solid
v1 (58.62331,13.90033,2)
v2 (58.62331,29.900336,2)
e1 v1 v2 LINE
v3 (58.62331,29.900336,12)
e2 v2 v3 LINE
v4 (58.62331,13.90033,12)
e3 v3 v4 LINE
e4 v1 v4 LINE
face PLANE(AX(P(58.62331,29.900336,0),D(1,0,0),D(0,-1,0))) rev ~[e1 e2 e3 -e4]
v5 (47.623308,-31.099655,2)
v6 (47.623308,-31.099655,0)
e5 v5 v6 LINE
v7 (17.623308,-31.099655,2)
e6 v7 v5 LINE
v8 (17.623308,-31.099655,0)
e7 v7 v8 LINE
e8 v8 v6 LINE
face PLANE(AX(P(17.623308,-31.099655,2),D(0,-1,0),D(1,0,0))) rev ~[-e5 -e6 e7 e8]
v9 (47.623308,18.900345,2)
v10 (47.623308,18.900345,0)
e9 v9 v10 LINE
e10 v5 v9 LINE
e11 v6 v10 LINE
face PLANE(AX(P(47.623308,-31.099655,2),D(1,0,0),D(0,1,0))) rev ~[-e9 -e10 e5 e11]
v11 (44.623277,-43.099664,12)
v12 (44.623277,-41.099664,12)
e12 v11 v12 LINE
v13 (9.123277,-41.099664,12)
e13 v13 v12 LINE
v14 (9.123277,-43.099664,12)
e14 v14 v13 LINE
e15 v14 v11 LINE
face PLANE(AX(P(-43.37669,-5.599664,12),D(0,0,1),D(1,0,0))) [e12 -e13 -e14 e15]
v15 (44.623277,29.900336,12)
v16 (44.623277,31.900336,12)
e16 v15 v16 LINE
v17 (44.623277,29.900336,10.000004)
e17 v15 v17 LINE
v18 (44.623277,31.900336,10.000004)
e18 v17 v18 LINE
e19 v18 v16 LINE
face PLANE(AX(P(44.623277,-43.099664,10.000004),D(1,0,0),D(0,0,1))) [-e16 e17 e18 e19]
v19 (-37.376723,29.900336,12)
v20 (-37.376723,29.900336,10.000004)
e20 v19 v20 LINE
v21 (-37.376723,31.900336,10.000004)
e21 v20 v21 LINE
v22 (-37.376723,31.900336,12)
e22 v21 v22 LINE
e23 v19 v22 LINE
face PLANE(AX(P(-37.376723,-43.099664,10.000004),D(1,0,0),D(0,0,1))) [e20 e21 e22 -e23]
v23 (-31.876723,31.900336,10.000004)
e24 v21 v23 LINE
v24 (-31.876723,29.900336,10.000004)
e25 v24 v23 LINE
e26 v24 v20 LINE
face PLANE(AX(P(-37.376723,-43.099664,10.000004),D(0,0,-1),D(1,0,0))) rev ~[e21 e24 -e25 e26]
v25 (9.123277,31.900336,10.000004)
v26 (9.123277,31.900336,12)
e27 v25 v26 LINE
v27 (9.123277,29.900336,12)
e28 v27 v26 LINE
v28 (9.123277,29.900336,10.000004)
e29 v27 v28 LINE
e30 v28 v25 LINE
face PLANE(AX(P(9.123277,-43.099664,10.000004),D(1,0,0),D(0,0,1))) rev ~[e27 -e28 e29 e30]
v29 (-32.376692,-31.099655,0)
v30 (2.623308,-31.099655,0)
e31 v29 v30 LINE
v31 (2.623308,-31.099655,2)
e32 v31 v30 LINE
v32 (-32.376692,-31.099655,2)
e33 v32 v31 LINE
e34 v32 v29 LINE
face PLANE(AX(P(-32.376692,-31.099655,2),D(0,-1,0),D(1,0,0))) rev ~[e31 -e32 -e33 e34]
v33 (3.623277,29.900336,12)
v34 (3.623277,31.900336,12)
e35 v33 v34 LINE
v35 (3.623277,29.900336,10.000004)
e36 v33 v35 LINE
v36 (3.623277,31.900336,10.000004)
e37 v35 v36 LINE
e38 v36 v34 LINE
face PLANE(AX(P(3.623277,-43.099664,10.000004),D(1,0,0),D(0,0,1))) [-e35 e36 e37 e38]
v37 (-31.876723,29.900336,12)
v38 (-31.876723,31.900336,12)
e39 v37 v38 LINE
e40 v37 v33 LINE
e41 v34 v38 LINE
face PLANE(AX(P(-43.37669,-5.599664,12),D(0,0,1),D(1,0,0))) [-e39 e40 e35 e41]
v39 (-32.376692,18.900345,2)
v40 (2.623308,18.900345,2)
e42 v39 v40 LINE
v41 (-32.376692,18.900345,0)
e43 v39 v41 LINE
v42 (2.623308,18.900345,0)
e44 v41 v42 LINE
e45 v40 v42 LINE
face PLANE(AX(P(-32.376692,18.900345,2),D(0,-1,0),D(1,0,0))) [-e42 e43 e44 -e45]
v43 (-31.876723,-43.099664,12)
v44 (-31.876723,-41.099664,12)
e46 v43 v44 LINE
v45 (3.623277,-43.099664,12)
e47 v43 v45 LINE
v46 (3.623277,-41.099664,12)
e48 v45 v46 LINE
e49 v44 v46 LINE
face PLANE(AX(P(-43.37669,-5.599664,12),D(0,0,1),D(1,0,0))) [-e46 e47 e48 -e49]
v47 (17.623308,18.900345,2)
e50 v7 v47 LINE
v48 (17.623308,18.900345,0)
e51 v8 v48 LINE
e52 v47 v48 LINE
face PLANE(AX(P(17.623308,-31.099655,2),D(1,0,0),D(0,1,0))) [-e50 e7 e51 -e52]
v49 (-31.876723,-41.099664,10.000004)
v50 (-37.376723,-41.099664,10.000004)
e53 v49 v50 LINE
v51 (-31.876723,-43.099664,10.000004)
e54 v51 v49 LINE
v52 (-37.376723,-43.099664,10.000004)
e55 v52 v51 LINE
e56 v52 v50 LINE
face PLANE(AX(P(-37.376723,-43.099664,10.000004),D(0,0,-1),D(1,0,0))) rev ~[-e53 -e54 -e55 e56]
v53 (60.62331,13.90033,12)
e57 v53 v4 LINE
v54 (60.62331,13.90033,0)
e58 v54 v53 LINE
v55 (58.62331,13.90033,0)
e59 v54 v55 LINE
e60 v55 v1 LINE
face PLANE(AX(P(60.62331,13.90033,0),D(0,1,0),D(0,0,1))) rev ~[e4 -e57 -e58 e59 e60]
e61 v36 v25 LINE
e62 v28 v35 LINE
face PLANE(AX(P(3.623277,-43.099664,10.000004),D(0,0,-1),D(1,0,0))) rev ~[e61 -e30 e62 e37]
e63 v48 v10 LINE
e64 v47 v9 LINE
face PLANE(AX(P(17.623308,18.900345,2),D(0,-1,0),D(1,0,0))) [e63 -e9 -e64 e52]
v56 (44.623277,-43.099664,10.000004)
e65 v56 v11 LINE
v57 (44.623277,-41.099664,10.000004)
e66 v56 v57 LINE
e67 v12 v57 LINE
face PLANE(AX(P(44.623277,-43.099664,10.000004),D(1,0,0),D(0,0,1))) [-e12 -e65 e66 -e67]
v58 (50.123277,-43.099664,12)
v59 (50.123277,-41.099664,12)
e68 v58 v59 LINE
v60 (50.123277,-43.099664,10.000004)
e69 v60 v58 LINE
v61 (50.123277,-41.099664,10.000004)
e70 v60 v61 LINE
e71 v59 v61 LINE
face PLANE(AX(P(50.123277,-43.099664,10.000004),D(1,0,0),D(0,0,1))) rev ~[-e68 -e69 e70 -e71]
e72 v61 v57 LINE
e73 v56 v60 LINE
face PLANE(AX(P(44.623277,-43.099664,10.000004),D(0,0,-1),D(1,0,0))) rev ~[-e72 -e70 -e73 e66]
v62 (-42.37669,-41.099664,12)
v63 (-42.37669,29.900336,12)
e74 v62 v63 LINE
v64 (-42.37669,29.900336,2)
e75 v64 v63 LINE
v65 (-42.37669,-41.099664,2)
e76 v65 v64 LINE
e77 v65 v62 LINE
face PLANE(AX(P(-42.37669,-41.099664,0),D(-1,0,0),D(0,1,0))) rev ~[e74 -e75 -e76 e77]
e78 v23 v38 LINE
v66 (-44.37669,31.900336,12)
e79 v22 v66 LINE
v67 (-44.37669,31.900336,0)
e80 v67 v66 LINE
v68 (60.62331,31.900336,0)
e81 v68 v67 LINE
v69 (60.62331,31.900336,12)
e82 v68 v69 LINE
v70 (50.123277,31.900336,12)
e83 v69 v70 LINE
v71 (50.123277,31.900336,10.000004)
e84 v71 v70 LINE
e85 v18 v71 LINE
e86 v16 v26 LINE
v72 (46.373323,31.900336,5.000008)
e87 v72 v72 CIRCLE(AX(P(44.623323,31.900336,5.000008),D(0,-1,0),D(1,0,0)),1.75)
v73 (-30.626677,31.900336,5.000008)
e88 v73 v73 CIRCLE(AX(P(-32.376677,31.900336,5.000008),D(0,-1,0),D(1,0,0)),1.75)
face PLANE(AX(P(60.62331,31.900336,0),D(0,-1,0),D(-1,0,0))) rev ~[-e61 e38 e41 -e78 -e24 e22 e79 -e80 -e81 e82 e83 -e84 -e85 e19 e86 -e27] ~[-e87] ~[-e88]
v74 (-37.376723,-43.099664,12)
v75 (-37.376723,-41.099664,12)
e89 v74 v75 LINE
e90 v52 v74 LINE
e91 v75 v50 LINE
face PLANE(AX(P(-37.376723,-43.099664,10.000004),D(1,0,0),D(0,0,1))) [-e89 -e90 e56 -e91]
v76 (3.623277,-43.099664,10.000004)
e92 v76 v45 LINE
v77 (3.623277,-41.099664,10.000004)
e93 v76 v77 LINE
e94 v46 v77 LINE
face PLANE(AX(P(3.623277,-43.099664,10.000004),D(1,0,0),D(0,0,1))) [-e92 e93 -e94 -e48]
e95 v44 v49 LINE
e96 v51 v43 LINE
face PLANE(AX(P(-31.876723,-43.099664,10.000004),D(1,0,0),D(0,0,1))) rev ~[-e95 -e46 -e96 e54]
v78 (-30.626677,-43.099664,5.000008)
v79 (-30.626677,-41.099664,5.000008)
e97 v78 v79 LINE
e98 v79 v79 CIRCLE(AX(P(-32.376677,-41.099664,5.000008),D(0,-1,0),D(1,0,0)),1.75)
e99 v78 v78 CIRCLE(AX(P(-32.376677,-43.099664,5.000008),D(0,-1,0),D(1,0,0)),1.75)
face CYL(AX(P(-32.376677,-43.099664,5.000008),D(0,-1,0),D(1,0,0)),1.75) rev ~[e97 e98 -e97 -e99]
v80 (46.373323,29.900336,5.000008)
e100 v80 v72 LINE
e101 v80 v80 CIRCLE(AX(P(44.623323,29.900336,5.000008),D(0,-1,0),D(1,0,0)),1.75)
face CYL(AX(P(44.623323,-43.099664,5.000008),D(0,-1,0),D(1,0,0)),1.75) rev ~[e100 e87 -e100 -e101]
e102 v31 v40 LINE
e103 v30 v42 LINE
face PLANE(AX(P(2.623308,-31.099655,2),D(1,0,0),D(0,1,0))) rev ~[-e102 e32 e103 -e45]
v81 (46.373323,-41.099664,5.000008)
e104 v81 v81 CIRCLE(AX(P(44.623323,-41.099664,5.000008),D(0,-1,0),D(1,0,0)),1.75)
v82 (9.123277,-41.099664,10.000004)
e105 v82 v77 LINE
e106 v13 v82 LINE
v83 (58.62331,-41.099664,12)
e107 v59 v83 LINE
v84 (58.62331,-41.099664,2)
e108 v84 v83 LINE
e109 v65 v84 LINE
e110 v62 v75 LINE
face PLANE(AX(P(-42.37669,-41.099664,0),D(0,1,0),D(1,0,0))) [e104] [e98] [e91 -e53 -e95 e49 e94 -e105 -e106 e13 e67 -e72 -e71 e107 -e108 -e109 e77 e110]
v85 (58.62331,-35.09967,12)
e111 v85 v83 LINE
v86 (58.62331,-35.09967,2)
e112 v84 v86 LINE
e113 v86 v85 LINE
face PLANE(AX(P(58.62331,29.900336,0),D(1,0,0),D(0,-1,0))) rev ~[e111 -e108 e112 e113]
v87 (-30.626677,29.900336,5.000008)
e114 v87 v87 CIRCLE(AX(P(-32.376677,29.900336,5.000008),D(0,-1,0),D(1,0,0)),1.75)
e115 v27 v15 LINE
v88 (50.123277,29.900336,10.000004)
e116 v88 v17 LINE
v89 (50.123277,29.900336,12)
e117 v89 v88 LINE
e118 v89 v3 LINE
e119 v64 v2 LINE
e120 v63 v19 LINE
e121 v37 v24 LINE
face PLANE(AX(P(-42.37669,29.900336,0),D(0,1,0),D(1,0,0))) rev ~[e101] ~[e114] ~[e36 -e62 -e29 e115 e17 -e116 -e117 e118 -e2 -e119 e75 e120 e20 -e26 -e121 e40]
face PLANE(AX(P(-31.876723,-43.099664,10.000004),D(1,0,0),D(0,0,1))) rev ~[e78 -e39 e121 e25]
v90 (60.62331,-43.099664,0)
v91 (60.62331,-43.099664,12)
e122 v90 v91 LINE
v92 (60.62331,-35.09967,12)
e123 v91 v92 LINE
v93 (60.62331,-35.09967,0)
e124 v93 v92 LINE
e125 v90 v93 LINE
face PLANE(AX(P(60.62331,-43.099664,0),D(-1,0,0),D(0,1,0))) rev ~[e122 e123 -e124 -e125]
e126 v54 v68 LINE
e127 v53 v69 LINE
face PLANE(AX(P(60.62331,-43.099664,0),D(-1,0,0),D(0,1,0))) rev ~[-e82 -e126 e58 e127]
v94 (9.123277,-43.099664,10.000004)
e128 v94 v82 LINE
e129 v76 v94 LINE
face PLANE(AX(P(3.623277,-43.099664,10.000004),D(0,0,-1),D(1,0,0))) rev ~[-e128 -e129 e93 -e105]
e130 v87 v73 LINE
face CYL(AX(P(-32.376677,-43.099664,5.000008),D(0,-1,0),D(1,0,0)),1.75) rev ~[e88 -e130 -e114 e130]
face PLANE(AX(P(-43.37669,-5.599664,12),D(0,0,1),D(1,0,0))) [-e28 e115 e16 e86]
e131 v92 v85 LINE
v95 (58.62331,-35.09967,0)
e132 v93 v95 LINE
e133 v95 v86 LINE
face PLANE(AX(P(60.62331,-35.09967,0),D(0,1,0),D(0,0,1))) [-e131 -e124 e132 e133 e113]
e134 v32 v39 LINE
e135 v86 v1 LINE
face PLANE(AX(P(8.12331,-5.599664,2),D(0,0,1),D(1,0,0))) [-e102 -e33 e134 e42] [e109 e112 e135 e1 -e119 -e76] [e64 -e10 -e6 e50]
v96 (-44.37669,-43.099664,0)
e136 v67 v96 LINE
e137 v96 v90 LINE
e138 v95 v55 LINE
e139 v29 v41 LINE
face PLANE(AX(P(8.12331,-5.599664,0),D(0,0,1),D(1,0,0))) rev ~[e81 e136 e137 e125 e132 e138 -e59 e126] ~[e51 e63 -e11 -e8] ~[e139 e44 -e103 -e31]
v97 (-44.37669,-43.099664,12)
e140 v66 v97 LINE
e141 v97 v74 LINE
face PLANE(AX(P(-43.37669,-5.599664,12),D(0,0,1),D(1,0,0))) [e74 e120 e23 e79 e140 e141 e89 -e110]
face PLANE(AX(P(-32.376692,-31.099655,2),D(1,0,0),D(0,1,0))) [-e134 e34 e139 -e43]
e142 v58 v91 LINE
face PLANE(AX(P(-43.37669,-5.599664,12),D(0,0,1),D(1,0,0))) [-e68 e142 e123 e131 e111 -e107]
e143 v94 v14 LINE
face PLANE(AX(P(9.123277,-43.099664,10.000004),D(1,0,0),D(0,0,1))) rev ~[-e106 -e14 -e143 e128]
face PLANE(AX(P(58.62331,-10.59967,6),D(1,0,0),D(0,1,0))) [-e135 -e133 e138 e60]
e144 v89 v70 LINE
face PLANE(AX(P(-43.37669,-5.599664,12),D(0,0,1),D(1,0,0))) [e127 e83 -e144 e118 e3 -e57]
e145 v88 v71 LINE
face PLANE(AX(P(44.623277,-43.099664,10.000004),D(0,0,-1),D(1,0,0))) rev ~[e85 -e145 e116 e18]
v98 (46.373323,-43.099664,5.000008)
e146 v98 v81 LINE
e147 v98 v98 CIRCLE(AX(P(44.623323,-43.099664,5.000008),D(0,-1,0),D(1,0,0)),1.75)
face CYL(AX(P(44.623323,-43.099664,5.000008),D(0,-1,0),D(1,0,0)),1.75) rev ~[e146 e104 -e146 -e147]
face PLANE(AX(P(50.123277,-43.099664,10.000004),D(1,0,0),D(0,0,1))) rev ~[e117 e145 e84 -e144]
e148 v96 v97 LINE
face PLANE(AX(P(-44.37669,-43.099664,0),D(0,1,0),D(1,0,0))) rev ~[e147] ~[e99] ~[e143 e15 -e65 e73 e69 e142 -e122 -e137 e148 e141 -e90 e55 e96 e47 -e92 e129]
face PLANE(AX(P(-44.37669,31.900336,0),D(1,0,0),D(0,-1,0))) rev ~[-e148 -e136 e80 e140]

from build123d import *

# Parameters (mm, degrees)
F0_W      = 101
F0_H      = 2
F1_DEPTH  = 12
F0_H_2    = 71
F2_DEPTH  = 2
F4_R      = 1.75
F5_DEPTH  = 100
F3_W      = 49
F3_H      = 12
F6_DEPTH  = 2
F7_W      = 35
F7_H      = 50
F7_W_2    = 30
F8_DEPTH  = 2
F9_W      = 5.5
F9_H      = 2
F10_DEPTH = 80


with BuildPart() as f1:
    # F0 (on Top) → F1 (new body)
    with BuildSketch(Plane.XY):
        Polygon((-42.37669, -41.099664), (-42.37669, 29.900336), (-42.37669, 31.900336), (-44.37669, 31.900336), (-44.37669, -43.099664), (-42.37669, -43.099664), align=None)
        with Locations((8.12331, 30.900336)):
            Rectangle(F0_W, F0_H)
        Polygon((58.62331, 31.900336), (58.62331, 29.900336), (58.62331, -41.099664), (58.62331, -43.099664), (60.62331, -43.099664), (60.62331, 31.900336), align=None)
        with Locations((8.12331, -42.099664)):
            Rectangle(F0_W, F0_H)
    extrude(amount=F1_DEPTH)

    # F0 (on Top) → F2 (join)
    with BuildSketch(Plane.XY):
        with Locations((8.12331, -5.599664)):
            Rectangle(F0_W, F0_H_2)
    extrude(amount=F2_DEPTH)

    # F4 (on face) → F5 (cut)
    with BuildSketch(Plane.XZ.offset(43.099664)):
        with Locations((44.623323, 5.000008)):
            Circle(F4_R)
        with Locations((-32.376677, 5.000008)):
            Circle(F4_R)
    extrude(amount=-F5_DEPTH, mode=Mode.SUBTRACT)

    # F3 (on face) → F6 (cut)
    with BuildSketch(Plane.YZ.offset(60.62331)):
        with Locations((-10.59967, 6)):
            Rectangle(F3_W, F3_H)
    extrude(amount=-F6_DEPTH, mode=Mode.SUBTRACT)

    # F7 (on face) → F8 (cut)
    with BuildSketch(Plane.XY.offset(2)):
        with Locations((-14.876692, -6.099655)):
            Rectangle(F7_W, F7_H)
        with Locations((32.623308, -6.099655)):
            Rectangle(F7_W_2, F7_H)
    extrude(amount=-F8_DEPTH, mode=Mode.SUBTRACT)

    # F9 (on face) → F10 (cut)
    with BuildSketch(Plane.XZ.offset(43.099664)):
        with Locations((-34.626723, 11.000004)):
            Rectangle(F9_W, F9_H)
        with Locations((6.373277, 11.000004)):
            Rectangle(F9_W, F9_H)
        with Locations((47.373277, 11.000004)):
            Rectangle(F9_W, F9_H)
    extrude(amount=-F10_DEPTH, mode=Mode.SUBTRACT)


solid = f1.part
